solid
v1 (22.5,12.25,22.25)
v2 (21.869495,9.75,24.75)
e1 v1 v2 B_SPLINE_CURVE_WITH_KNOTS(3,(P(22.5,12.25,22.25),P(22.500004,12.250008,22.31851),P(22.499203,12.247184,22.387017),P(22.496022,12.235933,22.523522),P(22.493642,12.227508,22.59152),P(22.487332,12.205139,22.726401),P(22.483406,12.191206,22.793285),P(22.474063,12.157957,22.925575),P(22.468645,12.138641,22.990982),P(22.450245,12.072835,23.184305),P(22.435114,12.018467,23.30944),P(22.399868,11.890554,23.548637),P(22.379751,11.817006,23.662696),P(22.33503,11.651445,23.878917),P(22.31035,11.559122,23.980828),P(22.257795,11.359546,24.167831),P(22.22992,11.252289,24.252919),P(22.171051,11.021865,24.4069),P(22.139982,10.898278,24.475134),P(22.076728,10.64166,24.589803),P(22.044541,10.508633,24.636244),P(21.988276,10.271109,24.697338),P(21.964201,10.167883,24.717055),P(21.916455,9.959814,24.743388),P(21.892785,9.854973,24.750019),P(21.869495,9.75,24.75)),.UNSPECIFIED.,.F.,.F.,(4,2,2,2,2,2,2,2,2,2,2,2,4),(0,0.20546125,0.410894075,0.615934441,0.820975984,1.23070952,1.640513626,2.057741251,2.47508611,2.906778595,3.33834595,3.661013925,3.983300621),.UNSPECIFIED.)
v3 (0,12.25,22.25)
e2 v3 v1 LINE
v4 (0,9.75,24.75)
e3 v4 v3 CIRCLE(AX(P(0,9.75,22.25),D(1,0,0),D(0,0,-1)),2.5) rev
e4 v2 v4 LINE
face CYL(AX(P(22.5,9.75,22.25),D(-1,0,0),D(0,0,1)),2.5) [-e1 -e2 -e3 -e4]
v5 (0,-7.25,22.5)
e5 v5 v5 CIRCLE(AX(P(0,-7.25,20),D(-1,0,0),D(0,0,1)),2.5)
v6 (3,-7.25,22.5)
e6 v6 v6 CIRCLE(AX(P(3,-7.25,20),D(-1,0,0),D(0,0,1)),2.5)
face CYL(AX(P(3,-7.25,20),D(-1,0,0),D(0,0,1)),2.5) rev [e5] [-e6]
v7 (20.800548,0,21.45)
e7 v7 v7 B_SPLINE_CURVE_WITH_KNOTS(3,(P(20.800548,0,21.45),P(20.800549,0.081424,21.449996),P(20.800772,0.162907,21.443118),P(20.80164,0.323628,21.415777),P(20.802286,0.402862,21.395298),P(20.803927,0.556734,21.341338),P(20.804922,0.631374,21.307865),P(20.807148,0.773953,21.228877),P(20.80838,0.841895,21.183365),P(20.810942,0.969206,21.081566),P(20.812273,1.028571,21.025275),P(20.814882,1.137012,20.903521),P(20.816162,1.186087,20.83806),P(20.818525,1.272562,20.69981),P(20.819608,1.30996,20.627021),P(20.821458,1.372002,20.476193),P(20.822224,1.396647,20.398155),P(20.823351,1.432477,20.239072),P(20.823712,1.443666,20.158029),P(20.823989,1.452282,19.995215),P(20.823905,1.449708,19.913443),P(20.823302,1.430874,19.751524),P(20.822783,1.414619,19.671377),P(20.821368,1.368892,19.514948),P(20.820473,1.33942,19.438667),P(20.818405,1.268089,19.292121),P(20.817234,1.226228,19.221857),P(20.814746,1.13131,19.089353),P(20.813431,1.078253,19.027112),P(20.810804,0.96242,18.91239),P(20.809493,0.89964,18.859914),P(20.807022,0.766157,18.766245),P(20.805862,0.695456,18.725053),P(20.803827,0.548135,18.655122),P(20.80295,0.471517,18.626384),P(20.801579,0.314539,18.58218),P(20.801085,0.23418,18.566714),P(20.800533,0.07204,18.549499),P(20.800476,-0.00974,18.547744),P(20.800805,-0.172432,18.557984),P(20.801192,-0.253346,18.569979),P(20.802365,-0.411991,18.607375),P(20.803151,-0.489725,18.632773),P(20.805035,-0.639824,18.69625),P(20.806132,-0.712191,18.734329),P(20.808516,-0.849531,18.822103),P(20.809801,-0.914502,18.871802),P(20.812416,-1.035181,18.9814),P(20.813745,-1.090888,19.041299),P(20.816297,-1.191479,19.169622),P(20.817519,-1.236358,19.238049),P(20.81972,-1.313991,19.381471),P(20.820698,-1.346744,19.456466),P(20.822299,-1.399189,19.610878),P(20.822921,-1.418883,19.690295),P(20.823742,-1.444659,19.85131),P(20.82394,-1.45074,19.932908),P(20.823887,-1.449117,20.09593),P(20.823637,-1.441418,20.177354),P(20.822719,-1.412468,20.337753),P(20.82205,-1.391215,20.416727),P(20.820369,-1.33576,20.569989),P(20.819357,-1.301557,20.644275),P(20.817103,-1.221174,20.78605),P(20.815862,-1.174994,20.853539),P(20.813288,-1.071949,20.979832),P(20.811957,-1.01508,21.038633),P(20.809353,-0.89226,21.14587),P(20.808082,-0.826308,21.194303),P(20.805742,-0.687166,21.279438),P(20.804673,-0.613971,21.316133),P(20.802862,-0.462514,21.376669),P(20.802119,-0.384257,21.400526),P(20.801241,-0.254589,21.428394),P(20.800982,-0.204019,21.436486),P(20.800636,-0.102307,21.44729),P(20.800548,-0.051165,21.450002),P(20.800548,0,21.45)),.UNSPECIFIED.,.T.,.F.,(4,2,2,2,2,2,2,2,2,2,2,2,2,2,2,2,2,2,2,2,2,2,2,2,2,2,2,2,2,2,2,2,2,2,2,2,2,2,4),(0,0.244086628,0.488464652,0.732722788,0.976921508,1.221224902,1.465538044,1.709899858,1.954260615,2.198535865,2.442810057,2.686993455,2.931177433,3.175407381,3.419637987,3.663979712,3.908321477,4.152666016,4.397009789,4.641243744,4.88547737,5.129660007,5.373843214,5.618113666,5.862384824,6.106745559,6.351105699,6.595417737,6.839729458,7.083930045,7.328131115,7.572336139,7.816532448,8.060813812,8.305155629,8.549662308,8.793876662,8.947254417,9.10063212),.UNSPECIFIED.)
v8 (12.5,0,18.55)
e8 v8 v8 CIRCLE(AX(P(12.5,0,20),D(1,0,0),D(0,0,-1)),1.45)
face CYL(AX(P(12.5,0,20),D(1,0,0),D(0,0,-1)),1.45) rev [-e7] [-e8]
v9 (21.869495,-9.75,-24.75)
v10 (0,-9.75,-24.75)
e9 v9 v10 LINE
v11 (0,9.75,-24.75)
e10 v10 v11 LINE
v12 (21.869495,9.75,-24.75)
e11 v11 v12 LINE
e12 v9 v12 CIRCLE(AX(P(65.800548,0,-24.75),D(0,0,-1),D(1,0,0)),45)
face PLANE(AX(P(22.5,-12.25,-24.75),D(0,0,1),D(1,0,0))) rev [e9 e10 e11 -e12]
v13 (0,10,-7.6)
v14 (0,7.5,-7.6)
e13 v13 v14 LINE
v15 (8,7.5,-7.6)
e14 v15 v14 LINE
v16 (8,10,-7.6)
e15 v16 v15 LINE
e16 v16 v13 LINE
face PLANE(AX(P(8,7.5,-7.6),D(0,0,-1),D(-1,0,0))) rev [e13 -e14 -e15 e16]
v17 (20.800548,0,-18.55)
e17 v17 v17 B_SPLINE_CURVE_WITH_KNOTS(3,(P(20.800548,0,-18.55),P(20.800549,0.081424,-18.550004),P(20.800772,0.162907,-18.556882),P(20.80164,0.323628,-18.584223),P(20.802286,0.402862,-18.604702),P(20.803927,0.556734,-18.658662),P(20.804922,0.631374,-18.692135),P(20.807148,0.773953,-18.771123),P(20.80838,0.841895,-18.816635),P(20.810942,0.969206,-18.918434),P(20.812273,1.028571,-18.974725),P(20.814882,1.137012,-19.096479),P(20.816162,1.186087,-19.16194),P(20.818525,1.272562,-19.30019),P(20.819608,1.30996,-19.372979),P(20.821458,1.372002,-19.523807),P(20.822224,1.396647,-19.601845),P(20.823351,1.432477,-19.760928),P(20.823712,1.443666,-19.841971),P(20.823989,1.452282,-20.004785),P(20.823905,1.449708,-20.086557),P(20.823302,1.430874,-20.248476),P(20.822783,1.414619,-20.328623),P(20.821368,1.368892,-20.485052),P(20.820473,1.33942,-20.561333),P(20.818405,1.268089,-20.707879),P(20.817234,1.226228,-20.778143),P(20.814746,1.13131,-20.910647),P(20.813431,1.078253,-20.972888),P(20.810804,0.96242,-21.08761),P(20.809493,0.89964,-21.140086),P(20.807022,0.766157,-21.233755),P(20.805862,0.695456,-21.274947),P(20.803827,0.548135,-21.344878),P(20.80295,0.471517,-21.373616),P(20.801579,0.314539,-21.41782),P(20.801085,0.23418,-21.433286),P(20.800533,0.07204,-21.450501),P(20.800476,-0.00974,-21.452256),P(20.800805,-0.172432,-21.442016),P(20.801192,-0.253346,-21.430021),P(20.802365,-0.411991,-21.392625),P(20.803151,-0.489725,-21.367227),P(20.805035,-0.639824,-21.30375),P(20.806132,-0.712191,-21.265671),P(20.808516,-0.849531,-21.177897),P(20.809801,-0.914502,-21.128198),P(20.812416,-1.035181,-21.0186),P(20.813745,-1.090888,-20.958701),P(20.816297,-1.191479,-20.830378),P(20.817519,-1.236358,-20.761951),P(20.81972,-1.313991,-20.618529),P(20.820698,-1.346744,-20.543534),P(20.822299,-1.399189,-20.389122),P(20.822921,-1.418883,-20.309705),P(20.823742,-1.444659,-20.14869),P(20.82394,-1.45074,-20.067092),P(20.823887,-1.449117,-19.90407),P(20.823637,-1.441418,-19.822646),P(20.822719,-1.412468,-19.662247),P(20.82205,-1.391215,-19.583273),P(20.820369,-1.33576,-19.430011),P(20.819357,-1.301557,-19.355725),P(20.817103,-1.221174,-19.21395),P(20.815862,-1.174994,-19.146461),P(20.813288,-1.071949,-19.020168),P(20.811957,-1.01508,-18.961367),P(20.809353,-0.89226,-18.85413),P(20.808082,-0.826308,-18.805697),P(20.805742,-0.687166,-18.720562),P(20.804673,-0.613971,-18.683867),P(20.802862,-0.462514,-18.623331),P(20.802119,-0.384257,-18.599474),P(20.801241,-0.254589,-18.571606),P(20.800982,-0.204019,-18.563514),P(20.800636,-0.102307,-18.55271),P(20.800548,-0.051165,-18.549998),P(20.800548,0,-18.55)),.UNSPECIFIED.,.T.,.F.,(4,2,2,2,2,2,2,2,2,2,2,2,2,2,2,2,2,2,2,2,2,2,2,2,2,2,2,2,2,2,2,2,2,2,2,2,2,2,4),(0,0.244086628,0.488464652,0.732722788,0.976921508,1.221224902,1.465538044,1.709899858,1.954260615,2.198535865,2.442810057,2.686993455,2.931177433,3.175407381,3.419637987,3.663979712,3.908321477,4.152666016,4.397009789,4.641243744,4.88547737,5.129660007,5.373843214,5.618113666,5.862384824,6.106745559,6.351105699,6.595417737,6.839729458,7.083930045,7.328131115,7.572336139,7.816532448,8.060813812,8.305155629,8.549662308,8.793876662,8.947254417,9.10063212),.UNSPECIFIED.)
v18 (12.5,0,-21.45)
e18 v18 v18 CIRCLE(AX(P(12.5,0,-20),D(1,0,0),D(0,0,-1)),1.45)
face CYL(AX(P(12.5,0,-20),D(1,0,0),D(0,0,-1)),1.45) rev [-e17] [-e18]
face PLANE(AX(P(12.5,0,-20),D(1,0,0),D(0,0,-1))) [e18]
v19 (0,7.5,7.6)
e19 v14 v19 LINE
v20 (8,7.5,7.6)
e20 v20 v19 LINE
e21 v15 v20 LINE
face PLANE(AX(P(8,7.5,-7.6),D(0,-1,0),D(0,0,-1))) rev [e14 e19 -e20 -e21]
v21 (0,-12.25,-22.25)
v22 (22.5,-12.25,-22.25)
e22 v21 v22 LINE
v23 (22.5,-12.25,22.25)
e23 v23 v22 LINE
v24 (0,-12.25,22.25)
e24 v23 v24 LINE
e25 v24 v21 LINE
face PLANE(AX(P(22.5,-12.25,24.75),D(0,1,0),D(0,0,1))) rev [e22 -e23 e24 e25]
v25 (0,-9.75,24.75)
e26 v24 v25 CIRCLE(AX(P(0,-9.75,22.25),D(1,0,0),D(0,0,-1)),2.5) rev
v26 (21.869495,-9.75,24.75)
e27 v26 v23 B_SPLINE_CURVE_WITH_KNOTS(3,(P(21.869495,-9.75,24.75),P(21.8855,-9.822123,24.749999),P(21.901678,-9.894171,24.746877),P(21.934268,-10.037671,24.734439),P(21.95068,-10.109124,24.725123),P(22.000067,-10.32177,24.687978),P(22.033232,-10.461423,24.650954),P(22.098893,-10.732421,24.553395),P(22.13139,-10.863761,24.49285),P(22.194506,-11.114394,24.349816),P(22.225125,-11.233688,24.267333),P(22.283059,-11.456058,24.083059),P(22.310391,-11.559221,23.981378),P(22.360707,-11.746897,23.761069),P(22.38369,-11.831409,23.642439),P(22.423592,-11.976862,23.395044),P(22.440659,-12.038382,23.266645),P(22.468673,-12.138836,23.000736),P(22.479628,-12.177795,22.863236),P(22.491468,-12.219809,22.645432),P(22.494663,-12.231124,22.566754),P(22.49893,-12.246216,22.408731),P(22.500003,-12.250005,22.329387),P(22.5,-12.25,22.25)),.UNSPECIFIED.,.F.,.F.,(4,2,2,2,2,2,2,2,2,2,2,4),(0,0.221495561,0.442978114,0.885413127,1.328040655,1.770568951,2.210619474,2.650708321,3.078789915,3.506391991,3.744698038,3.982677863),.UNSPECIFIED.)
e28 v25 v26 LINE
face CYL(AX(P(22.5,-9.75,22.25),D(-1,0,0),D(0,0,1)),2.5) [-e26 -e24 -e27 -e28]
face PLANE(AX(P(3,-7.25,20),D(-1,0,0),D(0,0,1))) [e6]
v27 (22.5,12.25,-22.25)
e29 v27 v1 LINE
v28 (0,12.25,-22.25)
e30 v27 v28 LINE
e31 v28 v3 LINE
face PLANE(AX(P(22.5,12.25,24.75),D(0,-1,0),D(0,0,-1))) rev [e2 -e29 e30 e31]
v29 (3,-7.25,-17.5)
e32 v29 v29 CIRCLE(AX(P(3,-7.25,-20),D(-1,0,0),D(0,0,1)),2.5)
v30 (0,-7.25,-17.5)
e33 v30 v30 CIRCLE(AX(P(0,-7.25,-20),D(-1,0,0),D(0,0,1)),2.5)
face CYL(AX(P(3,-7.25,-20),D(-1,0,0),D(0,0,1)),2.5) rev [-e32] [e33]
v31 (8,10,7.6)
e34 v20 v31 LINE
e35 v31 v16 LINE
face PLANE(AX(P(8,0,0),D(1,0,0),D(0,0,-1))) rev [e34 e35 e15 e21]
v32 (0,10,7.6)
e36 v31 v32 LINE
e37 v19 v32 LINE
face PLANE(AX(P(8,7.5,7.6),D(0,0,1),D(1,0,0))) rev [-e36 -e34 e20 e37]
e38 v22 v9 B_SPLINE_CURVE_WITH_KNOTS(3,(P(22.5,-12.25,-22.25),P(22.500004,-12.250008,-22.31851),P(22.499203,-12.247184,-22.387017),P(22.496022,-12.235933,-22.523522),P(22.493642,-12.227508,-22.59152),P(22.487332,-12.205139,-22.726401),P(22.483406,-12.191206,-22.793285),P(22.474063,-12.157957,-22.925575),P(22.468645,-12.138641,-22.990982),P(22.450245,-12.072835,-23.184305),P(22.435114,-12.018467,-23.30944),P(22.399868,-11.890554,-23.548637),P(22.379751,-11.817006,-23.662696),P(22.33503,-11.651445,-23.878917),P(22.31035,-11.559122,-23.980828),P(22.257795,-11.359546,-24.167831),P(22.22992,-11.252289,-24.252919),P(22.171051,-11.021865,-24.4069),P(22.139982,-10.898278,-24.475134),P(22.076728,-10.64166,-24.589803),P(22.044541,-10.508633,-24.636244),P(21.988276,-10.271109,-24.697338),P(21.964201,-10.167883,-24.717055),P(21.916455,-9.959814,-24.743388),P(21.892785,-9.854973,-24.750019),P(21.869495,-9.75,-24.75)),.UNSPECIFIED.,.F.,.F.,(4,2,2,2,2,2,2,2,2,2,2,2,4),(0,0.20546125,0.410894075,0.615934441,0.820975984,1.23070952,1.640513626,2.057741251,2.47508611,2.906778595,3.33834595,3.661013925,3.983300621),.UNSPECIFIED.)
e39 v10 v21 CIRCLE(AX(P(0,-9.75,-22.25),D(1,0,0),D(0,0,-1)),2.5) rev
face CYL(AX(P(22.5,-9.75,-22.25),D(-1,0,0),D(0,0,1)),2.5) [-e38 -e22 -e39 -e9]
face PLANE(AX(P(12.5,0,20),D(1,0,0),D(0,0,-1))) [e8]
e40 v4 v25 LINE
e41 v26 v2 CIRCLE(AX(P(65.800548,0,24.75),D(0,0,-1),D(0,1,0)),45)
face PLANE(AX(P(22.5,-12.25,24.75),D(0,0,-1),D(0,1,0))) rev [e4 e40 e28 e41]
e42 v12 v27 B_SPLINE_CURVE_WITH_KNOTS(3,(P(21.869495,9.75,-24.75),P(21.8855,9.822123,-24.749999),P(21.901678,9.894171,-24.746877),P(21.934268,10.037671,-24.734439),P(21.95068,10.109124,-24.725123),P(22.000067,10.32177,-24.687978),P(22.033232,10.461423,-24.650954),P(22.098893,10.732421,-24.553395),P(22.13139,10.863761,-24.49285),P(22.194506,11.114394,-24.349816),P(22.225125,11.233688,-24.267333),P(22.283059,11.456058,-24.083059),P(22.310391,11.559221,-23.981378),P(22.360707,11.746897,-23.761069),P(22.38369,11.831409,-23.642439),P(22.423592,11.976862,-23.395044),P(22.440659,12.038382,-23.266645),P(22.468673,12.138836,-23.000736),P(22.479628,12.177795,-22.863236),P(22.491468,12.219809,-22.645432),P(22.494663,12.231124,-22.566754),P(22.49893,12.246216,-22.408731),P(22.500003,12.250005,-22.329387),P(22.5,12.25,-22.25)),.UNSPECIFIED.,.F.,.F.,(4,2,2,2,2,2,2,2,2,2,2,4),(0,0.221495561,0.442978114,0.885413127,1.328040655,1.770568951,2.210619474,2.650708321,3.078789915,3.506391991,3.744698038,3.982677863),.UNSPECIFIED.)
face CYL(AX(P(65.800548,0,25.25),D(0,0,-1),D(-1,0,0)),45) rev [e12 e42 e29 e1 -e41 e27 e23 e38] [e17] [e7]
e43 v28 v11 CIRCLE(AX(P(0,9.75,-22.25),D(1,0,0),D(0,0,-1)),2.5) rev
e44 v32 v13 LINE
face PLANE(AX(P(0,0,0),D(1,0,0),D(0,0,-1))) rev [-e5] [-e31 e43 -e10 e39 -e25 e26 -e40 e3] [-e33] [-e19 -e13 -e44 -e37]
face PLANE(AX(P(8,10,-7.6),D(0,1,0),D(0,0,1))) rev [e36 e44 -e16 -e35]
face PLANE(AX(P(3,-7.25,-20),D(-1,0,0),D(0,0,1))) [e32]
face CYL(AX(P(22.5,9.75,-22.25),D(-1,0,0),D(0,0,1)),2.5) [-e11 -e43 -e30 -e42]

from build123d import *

# Parameters (mm, degrees)
SKETCH_1_W          = 49.5
SKETCH_1_H          = 24.5
EXTRUDE_1_DEPTH     = 22.5
SKETCH_2_R          = 2.5
CUT_EXTRUDE_1_DEPTH = 3
SKETCH_3_W          = 15.2
SKETCH_3_H          = 2.5
CUT_EXTRUDE_2_DEPTH = 8
CUT_EXTRUDE_3_DEPTH = 50
CUT_EXTRUDE_START   = 22.5
SKETCH_5_R          = 1.45
CUT_EXTRUDE_4_DEPTH = 10
FILLET_1_R          = 2.5


with BuildPart() as part:
    # Эскиз1 → Бобышка-Вытянуть1 (new body)
    with BuildSketch(Plane(origin=(0, 0, 0), x_dir=(0, 0, -1), z_dir=(1, 0, 0))):
        Rectangle(SKETCH_1_W, SKETCH_1_H)
    extrude(amount=EXTRUDE_1_DEPTH)

    # Эскиз2 → Вырез-Вытянуть1 (cut)
    with BuildSketch(Plane.ZY):
        with Locations((-20, -7.25)):
            Circle(SKETCH_2_R)
        with Locations((20, -7.25)):
            Circle(SKETCH_2_R)
    extrude(amount=-CUT_EXTRUDE_1_DEPTH, mode=Mode.SUBTRACT)

    # Эскиз3 → Вырез-Вытянуть2 (cut)
    with BuildSketch(Plane.ZY):
        with Locations((0, 8.75)):
            Rectangle(SKETCH_3_W, SKETCH_3_H)
    extrude(amount=-CUT_EXTRUDE_2_DEPTH, mode=Mode.SUBTRACT)

    # Эскиз4 → Вырез-Вытянуть3 (cut)
    with BuildSketch(Plane(origin=(0, 0, -24.75), x_dir=(-1, 0, 0), z_dir=(0, 0, -1))):
        with BuildLine():
            Line((-22.5, 12.25), (-22.5, -12.25))
            ThreePointArc((-22.5, -12.25), (-20.800548495, 0), (-22.5, 12.25))
        make_face()
    extrude(amount=-CUT_EXTRUDE_3_DEPTH, mode=Mode.SUBTRACT)

    # Эскиз5 → Вырез-Вытянуть4 (cut)
    with BuildSketch(Plane(origin=(0, 0, 0), x_dir=(0, 0, -1), z_dir=(1, 0, 0)).offset(CUT_EXTRUDE_START)):
        with Locations((-20, 0)):
            Circle(SKETCH_5_R)
        with Locations((20, 0)):
            Circle(SKETCH_5_R)
    extrude(amount=-CUT_EXTRUDE_4_DEPTH, mode=Mode.SUBTRACT)

    # Скругление1
    fillet_1_edges = [part.edges().sort_by_distance(p)[0] for p in [
        (11.25, 12.25, -24.75),
        (11.25, -12.25, -24.75),
        (11.25, -12.25, 24.75),
        (11.25, 12.25, 24.75),
    ]]
    fillet(fillet_1_edges, radius=FILLET_1_R)


solid = part.part
